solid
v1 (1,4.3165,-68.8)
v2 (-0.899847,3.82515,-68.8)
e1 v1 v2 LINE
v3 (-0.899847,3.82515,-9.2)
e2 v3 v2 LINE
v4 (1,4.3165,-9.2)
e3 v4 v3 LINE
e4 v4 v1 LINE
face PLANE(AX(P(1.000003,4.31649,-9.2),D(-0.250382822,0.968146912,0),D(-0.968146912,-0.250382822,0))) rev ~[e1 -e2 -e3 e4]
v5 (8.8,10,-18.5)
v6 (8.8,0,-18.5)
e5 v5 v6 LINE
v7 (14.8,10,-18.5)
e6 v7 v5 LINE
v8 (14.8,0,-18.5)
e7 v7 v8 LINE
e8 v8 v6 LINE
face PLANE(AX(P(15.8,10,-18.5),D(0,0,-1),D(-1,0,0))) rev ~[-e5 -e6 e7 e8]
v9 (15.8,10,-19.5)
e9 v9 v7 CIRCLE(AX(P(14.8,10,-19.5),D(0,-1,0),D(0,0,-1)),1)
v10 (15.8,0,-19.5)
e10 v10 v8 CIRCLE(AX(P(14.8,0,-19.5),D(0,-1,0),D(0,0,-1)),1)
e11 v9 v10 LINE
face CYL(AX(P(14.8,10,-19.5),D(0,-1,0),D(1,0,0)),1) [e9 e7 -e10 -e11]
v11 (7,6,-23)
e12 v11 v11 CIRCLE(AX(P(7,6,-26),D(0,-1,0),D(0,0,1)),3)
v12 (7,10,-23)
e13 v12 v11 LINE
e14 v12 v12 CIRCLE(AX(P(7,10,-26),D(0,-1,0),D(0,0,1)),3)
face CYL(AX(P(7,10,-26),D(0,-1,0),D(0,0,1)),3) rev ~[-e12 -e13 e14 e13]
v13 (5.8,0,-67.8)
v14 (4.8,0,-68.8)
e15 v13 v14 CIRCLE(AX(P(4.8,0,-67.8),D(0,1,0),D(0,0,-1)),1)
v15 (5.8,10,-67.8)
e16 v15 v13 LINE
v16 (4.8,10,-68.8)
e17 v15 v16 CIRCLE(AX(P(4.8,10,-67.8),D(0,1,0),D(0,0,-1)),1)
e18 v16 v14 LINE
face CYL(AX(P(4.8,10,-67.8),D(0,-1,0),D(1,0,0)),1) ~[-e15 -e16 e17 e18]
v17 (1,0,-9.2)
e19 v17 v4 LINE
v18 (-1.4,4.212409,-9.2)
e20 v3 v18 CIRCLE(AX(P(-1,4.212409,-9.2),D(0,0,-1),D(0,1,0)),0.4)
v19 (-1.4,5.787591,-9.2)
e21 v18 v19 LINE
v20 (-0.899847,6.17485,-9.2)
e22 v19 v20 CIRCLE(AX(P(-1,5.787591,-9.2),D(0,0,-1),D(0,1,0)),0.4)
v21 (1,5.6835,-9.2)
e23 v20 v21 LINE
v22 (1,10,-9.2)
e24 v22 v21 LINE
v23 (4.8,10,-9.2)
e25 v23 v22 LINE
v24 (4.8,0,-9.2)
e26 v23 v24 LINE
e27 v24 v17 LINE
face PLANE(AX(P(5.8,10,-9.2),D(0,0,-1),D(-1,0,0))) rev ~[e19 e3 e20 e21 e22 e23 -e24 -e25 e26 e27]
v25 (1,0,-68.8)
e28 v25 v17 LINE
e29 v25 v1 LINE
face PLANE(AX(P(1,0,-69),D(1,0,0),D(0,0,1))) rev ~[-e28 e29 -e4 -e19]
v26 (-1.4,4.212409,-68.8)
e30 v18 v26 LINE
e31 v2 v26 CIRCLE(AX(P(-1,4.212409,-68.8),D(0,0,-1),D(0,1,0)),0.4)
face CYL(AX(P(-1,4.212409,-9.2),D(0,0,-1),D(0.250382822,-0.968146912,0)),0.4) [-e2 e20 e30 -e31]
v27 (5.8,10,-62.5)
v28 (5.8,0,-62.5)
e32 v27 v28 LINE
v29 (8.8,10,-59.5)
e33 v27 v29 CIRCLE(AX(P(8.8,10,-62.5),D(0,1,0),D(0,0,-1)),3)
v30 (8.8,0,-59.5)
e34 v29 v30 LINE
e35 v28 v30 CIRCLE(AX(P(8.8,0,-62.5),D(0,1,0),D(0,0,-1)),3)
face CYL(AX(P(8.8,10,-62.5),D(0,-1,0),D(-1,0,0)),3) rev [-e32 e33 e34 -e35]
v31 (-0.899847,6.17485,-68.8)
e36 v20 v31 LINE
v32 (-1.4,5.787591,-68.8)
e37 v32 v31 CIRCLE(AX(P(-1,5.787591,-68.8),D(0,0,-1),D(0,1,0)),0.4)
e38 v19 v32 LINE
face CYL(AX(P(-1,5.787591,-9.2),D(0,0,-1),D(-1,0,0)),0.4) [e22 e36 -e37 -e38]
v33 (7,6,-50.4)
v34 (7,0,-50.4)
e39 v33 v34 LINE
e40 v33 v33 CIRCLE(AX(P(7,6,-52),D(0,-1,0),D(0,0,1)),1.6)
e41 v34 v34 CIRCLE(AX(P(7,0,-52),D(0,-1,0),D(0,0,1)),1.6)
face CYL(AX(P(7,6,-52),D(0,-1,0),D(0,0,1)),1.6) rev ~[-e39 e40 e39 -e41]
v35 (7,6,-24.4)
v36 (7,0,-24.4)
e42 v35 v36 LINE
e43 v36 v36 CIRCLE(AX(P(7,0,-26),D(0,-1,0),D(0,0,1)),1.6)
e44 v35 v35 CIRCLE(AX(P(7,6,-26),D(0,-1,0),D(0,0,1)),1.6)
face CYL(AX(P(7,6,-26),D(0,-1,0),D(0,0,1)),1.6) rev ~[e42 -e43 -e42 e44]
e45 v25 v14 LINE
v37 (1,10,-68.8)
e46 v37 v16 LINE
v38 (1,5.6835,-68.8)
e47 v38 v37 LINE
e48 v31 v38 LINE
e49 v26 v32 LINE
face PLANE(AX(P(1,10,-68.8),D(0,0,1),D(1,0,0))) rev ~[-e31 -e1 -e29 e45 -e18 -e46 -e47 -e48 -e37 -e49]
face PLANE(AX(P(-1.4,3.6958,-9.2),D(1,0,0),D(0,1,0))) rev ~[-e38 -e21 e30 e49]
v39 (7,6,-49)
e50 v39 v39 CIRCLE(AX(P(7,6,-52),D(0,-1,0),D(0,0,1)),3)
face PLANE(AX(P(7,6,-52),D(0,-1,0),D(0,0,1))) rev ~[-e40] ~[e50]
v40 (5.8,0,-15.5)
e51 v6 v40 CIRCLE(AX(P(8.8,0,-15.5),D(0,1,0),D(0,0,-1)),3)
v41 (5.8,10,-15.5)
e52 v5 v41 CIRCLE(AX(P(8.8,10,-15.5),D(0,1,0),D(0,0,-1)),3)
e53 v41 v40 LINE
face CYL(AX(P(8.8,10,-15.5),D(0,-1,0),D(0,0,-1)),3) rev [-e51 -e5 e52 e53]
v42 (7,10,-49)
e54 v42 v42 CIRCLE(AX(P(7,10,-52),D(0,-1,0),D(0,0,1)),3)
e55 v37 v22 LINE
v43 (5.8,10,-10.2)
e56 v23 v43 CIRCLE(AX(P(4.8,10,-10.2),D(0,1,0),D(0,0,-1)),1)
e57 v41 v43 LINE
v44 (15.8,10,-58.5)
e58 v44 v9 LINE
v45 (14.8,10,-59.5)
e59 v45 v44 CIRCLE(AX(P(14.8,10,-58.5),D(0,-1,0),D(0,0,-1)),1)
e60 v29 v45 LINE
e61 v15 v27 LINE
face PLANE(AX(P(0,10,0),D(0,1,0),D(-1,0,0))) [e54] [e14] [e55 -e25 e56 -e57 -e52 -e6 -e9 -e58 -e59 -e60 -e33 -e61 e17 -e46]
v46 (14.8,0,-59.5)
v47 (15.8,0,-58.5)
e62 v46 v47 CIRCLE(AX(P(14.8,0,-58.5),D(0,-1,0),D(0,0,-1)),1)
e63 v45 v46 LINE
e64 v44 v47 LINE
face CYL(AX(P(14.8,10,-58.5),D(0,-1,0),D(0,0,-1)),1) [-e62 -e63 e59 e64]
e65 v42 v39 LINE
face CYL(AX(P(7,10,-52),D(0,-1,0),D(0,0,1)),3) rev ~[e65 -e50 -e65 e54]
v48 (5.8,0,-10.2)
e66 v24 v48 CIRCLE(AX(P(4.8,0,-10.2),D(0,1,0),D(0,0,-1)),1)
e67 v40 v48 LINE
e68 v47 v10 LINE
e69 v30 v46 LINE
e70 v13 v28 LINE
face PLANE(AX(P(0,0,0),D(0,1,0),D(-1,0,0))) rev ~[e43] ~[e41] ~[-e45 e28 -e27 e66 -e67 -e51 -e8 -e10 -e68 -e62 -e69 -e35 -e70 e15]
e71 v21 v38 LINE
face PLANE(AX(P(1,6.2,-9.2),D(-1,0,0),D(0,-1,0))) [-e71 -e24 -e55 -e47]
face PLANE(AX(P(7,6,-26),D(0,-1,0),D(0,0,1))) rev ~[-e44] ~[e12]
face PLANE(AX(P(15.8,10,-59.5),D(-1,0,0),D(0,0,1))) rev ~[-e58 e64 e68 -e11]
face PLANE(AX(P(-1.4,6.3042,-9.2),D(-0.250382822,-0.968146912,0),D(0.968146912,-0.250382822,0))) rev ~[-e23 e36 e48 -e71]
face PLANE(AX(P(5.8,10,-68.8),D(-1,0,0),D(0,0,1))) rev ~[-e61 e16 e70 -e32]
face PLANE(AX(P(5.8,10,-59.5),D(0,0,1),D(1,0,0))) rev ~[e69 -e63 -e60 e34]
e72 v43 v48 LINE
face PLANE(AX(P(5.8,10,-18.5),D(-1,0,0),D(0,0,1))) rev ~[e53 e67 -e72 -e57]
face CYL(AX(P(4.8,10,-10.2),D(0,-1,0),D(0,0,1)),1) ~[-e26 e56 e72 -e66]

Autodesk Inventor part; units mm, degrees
ref_plane "YZ Plane" through (0, 0, 0) normal (1, 0, 0) x (0, 1, 0)
ref_plane "XZ Plane" through (0, 0, 0) normal (0, 1, 0) x (-1, 0, 0)
ref_plane "XY Plane" through (0, 0, 0) normal (0, 0, 1) x (1, 0, 0)
sketch "Szkic1" plane through (0, 0, 0) normal (0, 1, 0) x (-1, 0, 0)
  line L0 (-1, -9) -> (-6, -9)
  line L1 (-6, -9) -> (-6, -69)
  line L2 (-6, -69) -> (-1, -69)
  line L3 (-1, -69) -> (-1, -9)
  point P0 (0, 0)
  dimension "d0" = 5
  dimension "d1" = 60
extrude "Wyciągnięcie proste1" add sketch "Szkic1" along normal blind 10
sketch "Szkic2" plane through (1, 0, -9) normal (0, 0, 1) x (1, 0, 0)
  line L0 (0, 0) -> (5, 0) projected
  line L1 (5, 0) -> (5, 10) projected
  line L2 (0, 10) -> (5, 10) projected
  line L3 (0, 0) -> (0, 10) projected
  line L4 (-2.9, 6.95) -> (-2.9, 3.05)
  line L5 (0, 6.2) -> (0, 3.8)
  line L6 (-2.9, 6.95) -> (0, 6.2)
  line L7 (0, 3.8) -> (-2.9, 3.05)
  point P0 (-1, 0)
  point P1 (-2.9, 5)
  point P2 (0, 5)
  point P3 (0, 5)
  point P4 (0, 5)
  dimension "d7" = 3.9
  dimension "d8" = 2.4
  dimension "d9" = 2.9
extrude "Wyciągnięcie proste2" add sketch "Szkic2" against normal up to surface (60 mm away) contours L7 L4 L6 L3
sketch "Szkic3" plane through (0, 10, 0) normal (0, 1, 0) x (1, 0, 0)
  line L0 (16, 18.3) -> (6, 18.3)
  line L1 (6, 18.3) -> (6, 59.7)
  line L2 (6, 59.7) -> (16, 59.7)
  line L3 (16, 59.7) -> (16, 18.3)
  line L4 (6, 9) -> (6, 69) projected
  point P0 (0, 0)
  point P1 (6, 39)
  point P2 (6, 39)
  point P3 (6, 39)
  dimension "d12" = 41.4
  dimension "d13" = 10
extrude "Wyciągnięcie proste3" add sketch "Szkic3" against normal blind 10
sketch "Szkic4" plane through (0, 10, 0) normal (0, 1, 0) x (1, 0, 0)
  line L0 (6, 9) -> (6, 18.3) projected
  line L1 (6, 18.3) -> (16, 18.3) projected
  line L2 (16, 18.3) -> (16, 59.7) projected
  line L3 (16, 59.7) -> (6, 59.7) projected
  line L4 (6, 59.7) -> (6, 69) projected
  line L5 (6, 69) -> (1, 69) projected
  line L6 (1, 69) -> (1, 9) projected
  line L7 (1, 9) -> (6, 9) projected
  line L8 (7, 26) -> (7, 52)
  point P0 (0, 0)
  point P1 (7, 39)
  point P2 (1, 39)
  dimension "d16" = 6
  dimension "d17" = 6
  dimension "d18" = 26
hole "Otwór1" at (7, 10, -26) at (7, 10, -52) direction (0, -1, 0) diameter 3.2 end through all counterbore diameter 6 counterbore depth 4
sketch "Szkic5" plane through (0, 10, 0) normal (0, 1, 0) x (1, 0, 0)
  line L0 (1, 69) -> (-1.9, 69) projected
  line L1 (6, 69) -> (1, 69) projected
  line L2 (16, 59.7) -> (6, 59.7) projected
  line L3 (6, 59.7) -> (6, 69) projected
  line L4 (16, 18.3) -> (16, 59.7) projected
  line L5 (6, 18.3) -> (16, 18.3) projected
  line L6 (1, 9) -> (6, 9) projected
  line L7 (1, 9) -> (-1.9, 9) projected
  line L8 (6, 9) -> (6, 18.3) projected
  line L9 (-1.9, 68.8) -> (1, 68.8)
  line L10 (1, 68.8) -> (5.8, 68.8)
  line L11 (5.8, 68.8) -> (5.8, 59.5)
  line L12 (5.8, 59.5) -> (15.8, 59.5)
  line L13 (15.8, 59.5) -> (15.8, 18.5)
  line L14 (15.8, 18.5) -> (5.8, 18.5)
  line L15 (5.8, 18.5) -> (5.8, 9.2)
  line L16 (5.8, 9.2) -> (1, 9.2)
  line L17 (1, 9.2) -> (-1.9, 9.2)
  line L18 (-1.9, 9) -> (-1.9, 9.2)
  line L19 (-1.9, 68.8) -> (-1.9, 69)
  point P0 (0, 0)
  dimension "d26" = 0.2
extrude "Wyciągnięcie proste4" cut sketch "Szkic5" against normal through all
fillet "Zaokrąglenie1" radius 3 2 edges at (5.8, 5, -18.5) (5.8, 5, -59.5)
fillet "Zaokrąglenie3" radius 1 4 edges at (15.8, 5, -18.5) (15.8, 5, -59.5) (5.8, 5, -9.2) (5.8, 5, -68.8)
sketch "Szkic6" plane through (-1.9, 3.05, -9.2) normal (0, 0, 1) x (1, 0, 0)
  line L0 (6.7, 6.95) -> (6.7, -3.05) projected
  line L1 (2.9, 6.95) -> (6.7, 6.95) projected
  line L2 (2.9, 3.15) -> (2.9, 6.95) projected
  line L3 (0, 3.9) -> (2.9, 3.15) projected
  line L4 (0, 0) -> (0, 3.9) projected
  line L5 (2.9, 0.75) -> (0, 0) projected
  line L6 (2.9, -3.05) -> (2.9, 0.75) projected
  line L7 (6.7, -3.05) -> (2.9, -3.05) projected
  line L8 (0.5, 3.2542) -> (3.4, 2.5042)
  line L9 (3.4, 2.5042) -> (3.4, 6.45)
  line L10 (3.4, 6.45) -> (6.2, 6.45)
  line L11 (6.2, 6.45) -> (6.2, -2.55)
  line L12 (6.2, -2.55) -> (3.4, -2.55)
  line L13 (3.4, -2.55) -> (3.4, 1.3958)
  line L14 (3.4, 1.3958) -> (0.5, 0.6458)
  line L15 (0.5, 0.6458) -> (0.5, 3.2542)
  line L16 (2.9, 3.15) -> (2.9, 2.6335)
  line L17 (2.9, 0.75) -> (2.9, -3.05) projected
  line L18 (2.9, 0.75) -> (2.9, 1.2665)
  point P0 (1.9, -3.05)
  dimension "d32" = 0.5
extrude "Wyciągnięcie proste5" cut sketch "Szkic6" against normal through all contours L16 L8 L15 L14 L18 L5 L4 L3
fillet "Zaokrąglenie4" radius 0.4 2 edges at (-1.4, 3.6958, -39) (-1.4, 6.3042, -39)
properties part number "tyl"
